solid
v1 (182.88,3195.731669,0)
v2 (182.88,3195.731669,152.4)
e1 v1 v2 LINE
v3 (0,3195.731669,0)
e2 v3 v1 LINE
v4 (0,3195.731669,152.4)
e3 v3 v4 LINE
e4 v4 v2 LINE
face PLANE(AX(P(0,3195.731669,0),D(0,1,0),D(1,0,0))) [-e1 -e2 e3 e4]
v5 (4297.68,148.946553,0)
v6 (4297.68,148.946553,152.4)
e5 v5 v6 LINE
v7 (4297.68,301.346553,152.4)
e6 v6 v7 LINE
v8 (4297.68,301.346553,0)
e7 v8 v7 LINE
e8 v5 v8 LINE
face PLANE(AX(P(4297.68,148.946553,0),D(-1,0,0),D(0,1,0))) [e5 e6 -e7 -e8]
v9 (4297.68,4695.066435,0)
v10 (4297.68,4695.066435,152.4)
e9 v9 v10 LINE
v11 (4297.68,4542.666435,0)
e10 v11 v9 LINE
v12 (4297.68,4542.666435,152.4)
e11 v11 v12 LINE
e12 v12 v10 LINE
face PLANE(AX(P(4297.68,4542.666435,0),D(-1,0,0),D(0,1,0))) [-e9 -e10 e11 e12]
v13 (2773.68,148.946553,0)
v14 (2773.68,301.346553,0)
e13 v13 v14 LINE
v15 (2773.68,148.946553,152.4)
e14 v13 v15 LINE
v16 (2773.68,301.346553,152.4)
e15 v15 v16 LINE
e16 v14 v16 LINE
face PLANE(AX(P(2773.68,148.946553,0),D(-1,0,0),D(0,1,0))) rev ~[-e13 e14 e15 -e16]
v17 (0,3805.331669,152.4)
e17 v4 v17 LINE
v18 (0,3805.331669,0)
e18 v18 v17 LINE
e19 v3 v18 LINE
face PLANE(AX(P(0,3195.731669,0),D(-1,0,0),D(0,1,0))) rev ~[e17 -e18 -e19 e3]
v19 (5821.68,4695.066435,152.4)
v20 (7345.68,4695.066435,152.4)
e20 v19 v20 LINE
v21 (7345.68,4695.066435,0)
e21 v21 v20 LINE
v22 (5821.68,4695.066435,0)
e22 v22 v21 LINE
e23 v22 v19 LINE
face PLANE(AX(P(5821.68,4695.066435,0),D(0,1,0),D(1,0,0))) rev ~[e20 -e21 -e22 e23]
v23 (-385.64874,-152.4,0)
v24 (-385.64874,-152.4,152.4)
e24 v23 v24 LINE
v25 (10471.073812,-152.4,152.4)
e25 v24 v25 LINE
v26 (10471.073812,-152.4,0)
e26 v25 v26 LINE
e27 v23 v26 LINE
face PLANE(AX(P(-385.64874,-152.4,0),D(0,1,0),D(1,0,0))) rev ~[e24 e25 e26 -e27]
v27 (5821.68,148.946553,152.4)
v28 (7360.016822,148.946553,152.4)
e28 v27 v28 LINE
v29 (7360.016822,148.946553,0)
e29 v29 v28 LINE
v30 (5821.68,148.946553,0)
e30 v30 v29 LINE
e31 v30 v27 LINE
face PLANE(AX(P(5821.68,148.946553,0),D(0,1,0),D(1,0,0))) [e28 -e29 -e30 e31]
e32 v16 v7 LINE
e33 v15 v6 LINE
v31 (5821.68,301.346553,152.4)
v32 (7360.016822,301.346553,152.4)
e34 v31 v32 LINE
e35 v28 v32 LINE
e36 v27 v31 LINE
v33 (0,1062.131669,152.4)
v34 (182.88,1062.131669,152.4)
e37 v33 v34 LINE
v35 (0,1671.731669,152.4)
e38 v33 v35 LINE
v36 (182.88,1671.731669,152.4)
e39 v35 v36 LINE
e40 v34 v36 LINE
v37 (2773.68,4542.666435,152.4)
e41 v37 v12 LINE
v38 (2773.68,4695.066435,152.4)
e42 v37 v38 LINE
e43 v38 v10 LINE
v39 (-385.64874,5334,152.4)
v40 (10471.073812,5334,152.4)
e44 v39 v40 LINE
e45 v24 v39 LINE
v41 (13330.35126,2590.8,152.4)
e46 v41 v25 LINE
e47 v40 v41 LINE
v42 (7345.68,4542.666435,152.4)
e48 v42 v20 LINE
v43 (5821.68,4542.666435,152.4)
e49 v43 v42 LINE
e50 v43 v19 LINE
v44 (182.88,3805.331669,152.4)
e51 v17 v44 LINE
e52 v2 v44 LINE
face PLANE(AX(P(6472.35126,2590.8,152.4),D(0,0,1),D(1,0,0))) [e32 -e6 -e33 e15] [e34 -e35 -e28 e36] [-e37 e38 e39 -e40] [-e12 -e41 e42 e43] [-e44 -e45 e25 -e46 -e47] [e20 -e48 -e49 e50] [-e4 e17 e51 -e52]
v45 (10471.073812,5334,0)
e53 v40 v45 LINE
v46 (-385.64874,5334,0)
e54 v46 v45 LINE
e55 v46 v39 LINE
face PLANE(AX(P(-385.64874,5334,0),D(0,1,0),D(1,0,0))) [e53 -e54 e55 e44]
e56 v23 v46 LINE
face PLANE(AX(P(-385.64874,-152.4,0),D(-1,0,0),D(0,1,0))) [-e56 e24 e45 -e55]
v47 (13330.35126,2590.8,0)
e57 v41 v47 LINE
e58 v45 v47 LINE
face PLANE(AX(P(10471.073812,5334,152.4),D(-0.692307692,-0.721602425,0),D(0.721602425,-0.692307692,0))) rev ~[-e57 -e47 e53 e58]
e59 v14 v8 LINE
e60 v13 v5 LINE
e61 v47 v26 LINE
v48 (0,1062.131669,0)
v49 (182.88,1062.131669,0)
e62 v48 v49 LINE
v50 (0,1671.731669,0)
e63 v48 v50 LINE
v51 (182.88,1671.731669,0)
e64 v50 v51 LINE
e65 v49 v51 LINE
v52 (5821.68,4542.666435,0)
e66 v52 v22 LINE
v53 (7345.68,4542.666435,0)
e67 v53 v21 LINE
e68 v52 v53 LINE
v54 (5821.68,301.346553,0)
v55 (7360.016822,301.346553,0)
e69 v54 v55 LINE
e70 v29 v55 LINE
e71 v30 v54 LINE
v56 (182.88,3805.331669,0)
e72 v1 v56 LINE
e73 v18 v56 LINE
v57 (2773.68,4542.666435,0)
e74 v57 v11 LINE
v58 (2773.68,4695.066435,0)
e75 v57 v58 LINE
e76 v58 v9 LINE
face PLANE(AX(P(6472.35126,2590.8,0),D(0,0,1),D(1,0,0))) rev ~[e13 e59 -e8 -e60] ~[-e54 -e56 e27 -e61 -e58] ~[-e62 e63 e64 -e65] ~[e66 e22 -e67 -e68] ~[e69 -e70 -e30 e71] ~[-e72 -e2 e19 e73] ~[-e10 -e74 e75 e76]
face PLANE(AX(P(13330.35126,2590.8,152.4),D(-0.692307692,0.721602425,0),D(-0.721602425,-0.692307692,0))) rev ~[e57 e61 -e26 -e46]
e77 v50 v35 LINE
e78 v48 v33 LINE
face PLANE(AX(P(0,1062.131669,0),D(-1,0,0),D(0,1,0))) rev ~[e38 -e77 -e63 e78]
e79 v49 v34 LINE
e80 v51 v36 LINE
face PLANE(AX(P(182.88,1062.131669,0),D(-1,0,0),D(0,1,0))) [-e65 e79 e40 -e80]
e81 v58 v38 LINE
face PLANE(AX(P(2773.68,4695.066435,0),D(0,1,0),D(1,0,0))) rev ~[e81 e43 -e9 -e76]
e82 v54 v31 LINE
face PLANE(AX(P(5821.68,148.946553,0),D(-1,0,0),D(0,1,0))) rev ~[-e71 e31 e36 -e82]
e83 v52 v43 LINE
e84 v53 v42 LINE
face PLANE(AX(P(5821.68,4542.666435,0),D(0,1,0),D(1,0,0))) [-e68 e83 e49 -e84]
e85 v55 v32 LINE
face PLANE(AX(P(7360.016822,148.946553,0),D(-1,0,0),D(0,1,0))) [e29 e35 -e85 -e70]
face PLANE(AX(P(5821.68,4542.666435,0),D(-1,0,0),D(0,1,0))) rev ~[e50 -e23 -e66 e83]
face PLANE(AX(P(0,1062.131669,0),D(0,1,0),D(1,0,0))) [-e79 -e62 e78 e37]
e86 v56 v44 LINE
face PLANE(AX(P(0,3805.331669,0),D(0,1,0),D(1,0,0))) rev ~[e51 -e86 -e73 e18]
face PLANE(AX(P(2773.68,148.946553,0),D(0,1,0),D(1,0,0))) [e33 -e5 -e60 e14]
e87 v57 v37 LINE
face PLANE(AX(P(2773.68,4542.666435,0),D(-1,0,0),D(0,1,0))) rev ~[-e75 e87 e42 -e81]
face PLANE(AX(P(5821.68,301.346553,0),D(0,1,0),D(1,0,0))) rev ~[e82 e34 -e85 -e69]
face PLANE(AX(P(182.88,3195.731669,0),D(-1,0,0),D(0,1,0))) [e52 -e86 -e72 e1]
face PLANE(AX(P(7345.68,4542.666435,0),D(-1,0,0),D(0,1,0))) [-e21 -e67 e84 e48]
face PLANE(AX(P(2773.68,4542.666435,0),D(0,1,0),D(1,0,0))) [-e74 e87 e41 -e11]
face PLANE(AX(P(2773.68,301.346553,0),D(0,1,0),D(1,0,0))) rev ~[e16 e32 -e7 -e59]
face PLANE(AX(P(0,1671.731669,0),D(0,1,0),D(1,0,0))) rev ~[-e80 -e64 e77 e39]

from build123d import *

# Parameters (mm, degrees)
F0_W     = 13716
F0_H     = 5486.4
F0_W_2   = 1524
F0_H_2   = 152.4
F0_W_3   = 182.88
F0_H_3   = 609.6
F0_W_4   = 1538.336823
F1_DEPTH = 152.4
F3_DEPTH = 152.401


with BuildPart() as f1:
    # F0 (on Top) → F1 (new body)
    with BuildSketch(Plane.XY):
        with Locations((6472.35126, 2590.8)):
            Rectangle(F0_W, F0_H)
        with Locations((3535.68, 225.146553)):
            Rectangle(F0_W_2, F0_H_2, mode=Mode.SUBTRACT)
        with Locations((91.44, 1366.931669)):
            Rectangle(F0_W_3, F0_H_3, mode=Mode.SUBTRACT)
        with Locations((6590.848411, 225.146553)):
            Rectangle(F0_W_4, F0_H_2, mode=Mode.SUBTRACT)
        with Locations((91.44, 3500.531669)):
            Rectangle(F0_W_3, F0_H_3, mode=Mode.SUBTRACT)
        with Locations((3535.68, 4618.866435)):
            Rectangle(F0_W_2, F0_H_2, mode=Mode.SUBTRACT)
        with Locations((6583.68, 4618.866435)):
            Rectangle(F0_W_2, F0_H_2, mode=Mode.SUBTRACT)
    extrude(amount=F1_DEPTH)

    # F2 (on face) → F3 (cut, through all)
    with BuildSketch(Plane.XY.offset(152.4)):
        Polygon((13330.35126, -152.4), (13330.35126, 2590.8), (10471.073812, -152.4), align=None)
        Polygon((10471.073812, 5334), (13330.35126, 2590.8), (13330.35126, 5334), align=None)
    extrude(amount=-F3_DEPTH, mode=Mode.SUBTRACT)


solid = f1.part
